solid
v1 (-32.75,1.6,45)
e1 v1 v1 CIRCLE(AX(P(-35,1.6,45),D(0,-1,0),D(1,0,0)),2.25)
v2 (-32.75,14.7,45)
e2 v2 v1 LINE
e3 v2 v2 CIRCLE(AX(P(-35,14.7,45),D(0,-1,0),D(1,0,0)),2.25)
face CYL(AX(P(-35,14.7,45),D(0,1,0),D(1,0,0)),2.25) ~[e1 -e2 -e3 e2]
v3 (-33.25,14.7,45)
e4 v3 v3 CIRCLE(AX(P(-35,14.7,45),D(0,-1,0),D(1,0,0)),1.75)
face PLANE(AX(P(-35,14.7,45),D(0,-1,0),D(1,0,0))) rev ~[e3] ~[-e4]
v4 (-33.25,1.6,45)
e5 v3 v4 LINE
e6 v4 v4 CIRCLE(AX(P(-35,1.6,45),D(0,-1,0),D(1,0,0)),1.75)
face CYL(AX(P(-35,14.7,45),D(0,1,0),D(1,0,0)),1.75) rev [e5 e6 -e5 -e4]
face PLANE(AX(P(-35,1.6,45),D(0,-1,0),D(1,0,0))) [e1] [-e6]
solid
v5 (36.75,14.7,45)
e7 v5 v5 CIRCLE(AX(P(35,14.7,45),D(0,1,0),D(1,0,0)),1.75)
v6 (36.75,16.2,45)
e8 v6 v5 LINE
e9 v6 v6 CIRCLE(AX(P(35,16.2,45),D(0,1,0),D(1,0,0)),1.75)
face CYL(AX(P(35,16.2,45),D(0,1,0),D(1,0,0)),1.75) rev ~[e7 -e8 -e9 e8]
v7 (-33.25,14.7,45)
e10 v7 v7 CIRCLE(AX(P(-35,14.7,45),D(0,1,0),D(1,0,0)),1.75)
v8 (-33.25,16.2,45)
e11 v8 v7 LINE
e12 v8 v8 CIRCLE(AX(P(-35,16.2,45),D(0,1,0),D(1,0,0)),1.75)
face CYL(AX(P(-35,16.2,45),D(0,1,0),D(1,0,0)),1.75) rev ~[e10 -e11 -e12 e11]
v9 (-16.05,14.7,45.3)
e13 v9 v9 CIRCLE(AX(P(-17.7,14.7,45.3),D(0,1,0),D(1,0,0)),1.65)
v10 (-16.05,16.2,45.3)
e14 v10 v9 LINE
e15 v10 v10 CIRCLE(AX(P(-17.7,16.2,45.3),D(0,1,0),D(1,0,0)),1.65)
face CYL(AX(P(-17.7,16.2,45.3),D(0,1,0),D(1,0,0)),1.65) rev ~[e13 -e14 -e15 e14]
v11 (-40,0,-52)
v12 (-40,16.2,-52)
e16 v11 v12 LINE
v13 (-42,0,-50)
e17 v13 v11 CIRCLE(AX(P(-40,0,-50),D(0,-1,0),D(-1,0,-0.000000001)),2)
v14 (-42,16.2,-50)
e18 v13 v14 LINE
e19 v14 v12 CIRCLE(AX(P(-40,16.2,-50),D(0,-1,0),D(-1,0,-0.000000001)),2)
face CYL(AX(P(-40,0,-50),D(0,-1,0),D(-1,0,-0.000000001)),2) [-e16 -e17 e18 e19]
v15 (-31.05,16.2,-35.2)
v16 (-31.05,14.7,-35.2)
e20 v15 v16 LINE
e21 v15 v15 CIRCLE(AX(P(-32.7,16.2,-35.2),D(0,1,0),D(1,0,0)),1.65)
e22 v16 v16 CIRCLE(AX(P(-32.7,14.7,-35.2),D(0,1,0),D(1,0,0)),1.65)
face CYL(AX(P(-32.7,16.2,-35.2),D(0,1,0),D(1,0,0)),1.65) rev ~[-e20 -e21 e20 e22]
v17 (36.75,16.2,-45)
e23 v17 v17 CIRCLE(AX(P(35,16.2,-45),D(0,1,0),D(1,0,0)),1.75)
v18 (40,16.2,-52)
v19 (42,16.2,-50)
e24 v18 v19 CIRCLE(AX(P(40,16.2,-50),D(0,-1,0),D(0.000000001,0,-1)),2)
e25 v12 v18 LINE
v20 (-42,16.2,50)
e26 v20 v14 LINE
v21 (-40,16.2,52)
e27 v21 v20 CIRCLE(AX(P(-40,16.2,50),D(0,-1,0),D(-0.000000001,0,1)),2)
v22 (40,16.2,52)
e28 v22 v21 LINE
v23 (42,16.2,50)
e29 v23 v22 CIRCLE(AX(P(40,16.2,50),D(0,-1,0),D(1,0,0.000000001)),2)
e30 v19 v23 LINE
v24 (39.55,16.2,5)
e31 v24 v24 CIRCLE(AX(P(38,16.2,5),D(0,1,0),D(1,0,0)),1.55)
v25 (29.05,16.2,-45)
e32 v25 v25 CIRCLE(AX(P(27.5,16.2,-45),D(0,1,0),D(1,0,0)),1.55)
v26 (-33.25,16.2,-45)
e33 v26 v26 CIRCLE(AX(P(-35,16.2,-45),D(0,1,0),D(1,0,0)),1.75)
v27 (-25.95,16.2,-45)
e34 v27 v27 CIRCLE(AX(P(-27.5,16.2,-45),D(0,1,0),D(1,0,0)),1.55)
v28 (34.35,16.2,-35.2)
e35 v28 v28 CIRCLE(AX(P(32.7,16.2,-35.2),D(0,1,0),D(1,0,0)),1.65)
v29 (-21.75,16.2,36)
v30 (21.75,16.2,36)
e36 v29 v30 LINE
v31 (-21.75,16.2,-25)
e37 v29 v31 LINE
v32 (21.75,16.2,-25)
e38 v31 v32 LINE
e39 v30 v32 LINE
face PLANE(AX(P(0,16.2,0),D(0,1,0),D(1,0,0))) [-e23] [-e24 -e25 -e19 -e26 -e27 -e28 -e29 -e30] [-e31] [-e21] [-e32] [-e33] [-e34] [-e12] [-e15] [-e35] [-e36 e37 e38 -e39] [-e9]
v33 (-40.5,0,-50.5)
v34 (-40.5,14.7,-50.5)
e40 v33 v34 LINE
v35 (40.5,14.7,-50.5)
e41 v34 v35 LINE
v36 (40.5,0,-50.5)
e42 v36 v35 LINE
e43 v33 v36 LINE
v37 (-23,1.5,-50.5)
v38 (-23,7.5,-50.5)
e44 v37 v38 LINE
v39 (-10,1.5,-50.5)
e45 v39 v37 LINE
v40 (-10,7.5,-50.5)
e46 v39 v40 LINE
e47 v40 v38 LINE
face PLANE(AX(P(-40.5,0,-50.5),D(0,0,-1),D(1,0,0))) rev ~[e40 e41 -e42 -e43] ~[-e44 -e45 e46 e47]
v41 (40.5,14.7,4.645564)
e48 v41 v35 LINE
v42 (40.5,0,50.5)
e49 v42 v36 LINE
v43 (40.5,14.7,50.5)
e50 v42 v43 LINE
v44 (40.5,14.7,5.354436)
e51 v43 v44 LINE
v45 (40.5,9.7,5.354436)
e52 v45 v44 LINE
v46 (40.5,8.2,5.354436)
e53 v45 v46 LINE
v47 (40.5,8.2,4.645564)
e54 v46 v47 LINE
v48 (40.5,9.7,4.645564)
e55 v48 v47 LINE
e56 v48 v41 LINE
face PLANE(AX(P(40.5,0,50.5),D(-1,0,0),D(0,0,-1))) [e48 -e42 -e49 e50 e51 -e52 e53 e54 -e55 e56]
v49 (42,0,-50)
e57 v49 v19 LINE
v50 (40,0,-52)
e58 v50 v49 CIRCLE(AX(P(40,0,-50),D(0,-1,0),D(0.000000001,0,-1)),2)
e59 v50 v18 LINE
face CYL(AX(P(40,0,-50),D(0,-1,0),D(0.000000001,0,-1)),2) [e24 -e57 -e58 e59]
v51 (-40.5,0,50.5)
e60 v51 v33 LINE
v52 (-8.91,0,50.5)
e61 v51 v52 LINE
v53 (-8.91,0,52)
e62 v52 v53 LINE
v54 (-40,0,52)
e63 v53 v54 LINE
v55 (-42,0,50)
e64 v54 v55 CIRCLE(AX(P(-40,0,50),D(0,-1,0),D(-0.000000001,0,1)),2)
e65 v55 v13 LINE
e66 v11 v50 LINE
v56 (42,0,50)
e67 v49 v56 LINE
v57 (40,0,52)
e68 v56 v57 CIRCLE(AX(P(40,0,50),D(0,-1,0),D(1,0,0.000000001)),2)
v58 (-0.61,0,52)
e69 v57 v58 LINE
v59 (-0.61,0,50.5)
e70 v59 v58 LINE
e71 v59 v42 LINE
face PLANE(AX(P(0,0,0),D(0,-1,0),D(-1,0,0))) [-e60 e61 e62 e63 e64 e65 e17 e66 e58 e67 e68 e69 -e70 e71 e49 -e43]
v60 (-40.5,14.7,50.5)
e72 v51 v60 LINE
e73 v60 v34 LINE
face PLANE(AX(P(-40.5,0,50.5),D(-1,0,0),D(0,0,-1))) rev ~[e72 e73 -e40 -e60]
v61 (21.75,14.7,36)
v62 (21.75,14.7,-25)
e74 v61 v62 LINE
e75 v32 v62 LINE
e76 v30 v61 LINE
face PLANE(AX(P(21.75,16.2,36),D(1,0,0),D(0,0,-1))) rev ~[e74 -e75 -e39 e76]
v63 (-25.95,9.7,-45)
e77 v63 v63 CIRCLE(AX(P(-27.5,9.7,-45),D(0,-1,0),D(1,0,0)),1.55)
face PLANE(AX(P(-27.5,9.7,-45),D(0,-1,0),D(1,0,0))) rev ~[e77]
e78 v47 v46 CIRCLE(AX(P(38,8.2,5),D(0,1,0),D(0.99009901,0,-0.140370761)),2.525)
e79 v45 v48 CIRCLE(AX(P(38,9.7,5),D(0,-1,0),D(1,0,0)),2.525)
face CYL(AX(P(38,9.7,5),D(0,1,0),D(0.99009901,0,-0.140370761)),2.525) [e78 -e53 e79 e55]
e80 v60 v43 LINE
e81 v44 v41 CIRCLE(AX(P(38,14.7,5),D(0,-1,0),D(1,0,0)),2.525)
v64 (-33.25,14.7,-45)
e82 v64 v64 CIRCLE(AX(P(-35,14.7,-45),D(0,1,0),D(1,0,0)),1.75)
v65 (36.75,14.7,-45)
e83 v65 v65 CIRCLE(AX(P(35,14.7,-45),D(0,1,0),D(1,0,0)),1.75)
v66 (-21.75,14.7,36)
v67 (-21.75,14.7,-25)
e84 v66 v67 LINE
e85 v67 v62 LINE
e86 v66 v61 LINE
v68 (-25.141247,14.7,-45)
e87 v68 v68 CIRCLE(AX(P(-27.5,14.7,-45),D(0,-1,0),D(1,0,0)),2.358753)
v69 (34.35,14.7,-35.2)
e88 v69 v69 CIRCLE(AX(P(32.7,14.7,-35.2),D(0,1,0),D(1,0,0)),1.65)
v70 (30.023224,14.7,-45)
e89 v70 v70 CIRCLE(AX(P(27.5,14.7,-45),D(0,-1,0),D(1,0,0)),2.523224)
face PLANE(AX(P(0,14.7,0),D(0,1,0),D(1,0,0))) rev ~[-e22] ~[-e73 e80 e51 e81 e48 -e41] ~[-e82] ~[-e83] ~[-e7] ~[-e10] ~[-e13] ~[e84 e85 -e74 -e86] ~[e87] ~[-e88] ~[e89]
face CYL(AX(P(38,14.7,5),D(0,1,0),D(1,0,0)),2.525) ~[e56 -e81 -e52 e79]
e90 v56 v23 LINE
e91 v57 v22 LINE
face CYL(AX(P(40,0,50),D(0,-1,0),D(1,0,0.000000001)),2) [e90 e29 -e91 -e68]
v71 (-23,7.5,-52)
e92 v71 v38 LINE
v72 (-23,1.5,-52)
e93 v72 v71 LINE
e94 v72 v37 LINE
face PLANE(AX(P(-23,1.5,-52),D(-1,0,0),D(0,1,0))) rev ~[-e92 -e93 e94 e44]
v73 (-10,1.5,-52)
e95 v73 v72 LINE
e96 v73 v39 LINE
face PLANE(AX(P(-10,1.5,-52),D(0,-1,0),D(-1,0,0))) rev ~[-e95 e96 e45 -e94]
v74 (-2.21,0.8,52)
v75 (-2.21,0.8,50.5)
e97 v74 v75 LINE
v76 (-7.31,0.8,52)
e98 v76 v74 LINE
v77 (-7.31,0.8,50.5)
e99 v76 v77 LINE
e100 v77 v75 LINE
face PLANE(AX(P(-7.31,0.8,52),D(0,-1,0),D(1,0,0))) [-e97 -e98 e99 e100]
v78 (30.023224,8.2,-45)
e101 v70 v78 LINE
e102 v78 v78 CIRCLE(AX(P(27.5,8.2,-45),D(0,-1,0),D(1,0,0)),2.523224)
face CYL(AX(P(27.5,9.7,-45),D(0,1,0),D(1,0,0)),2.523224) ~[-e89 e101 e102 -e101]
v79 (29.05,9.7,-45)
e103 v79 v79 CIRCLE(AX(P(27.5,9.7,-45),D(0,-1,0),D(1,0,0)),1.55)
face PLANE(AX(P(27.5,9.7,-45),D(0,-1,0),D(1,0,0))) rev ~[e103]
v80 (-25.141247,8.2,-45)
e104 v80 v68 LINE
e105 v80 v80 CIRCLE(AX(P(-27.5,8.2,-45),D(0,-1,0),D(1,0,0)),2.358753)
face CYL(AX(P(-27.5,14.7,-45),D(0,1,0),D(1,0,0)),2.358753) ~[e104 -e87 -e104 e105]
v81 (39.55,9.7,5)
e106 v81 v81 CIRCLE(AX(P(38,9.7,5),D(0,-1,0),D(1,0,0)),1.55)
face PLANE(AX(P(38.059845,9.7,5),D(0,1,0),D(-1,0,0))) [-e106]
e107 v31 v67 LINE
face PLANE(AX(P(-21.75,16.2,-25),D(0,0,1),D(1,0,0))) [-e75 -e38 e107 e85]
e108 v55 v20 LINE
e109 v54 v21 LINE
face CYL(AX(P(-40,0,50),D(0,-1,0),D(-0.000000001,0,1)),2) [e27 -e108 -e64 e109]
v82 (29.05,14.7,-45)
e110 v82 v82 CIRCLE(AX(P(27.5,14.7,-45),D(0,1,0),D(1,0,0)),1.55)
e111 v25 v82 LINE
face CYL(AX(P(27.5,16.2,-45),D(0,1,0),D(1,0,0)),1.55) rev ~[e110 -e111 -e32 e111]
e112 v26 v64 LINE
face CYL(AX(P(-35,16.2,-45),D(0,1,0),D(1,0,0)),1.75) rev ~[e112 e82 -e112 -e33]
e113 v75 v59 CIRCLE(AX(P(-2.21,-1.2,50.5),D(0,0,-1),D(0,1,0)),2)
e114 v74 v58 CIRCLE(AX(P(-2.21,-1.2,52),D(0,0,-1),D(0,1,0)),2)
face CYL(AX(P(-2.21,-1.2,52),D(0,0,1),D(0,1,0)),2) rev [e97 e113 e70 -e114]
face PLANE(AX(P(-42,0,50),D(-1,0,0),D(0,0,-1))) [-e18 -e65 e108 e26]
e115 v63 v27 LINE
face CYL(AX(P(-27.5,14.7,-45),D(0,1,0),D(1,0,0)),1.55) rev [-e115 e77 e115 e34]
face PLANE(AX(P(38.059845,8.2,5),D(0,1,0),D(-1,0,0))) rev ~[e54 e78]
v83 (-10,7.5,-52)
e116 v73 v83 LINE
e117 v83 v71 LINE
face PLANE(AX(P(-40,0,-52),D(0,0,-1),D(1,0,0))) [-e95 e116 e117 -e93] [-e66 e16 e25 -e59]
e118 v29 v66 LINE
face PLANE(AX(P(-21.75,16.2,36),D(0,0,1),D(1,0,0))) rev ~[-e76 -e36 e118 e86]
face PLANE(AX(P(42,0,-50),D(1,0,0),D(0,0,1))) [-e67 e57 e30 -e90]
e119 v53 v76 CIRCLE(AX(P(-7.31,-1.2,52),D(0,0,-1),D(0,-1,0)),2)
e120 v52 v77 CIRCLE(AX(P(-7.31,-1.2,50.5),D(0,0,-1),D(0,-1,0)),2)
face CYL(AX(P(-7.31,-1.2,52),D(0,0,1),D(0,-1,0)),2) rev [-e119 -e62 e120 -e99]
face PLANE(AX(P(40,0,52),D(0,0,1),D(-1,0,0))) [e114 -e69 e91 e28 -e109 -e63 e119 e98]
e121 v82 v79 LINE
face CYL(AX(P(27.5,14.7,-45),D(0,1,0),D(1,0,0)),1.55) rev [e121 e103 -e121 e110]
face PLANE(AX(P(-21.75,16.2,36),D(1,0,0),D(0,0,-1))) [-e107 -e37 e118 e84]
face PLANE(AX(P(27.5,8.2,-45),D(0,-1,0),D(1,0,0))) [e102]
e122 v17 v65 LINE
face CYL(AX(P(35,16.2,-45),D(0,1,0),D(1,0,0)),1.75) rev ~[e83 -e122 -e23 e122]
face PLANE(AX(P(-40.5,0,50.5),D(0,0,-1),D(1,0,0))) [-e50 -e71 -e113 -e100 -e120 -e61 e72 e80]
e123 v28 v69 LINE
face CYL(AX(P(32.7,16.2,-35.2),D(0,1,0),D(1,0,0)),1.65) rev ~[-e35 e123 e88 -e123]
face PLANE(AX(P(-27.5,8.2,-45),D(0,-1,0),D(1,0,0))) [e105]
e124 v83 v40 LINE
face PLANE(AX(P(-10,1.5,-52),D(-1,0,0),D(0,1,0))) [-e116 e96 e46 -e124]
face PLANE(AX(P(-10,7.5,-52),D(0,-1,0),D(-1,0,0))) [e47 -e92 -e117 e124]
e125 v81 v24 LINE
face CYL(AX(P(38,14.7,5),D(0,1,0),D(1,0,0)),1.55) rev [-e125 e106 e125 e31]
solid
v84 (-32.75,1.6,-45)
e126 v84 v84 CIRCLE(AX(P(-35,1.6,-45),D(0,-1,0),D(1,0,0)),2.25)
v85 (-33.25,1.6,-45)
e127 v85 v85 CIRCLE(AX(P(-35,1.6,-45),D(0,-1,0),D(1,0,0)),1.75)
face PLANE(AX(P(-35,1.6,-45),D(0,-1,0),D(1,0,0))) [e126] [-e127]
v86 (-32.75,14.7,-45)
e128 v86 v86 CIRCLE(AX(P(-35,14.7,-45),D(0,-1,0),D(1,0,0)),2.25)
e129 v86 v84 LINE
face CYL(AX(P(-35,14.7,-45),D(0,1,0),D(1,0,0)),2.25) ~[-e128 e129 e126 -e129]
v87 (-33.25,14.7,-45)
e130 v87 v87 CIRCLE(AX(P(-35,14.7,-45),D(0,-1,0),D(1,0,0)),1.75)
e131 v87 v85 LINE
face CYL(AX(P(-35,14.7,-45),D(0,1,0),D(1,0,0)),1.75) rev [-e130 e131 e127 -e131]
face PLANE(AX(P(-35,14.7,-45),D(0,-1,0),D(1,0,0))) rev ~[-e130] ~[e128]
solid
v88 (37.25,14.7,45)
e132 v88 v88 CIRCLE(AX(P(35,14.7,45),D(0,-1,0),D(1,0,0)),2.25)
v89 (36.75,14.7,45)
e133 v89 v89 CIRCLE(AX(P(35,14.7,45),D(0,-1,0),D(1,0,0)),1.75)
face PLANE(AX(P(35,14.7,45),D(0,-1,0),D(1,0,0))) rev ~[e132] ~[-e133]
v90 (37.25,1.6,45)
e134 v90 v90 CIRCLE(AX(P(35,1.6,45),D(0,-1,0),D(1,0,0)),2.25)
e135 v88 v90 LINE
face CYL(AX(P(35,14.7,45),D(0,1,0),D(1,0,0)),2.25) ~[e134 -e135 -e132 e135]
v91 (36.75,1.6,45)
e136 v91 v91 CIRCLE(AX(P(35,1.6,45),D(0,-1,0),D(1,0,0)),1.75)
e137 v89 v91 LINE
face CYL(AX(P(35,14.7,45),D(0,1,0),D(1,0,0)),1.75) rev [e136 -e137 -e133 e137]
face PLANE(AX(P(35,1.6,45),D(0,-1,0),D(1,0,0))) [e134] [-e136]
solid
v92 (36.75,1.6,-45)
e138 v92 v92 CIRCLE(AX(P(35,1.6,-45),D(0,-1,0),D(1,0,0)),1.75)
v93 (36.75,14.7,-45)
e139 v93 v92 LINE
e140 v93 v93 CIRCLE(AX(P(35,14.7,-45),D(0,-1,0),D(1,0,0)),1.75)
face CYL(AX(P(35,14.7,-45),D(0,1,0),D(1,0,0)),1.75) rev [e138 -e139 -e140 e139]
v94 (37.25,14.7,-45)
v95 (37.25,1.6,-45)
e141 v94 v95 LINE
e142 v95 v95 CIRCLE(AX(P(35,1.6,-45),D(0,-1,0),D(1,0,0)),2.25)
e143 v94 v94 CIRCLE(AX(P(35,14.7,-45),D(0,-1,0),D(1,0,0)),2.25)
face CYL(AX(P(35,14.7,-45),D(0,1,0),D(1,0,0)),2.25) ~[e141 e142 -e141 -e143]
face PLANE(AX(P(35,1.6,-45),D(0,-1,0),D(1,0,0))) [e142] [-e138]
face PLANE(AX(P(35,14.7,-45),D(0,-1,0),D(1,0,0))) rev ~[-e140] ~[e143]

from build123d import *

# Parameters (mm, degrees)
SKETCH_1_W          = 81
SKETCH_1_H          = 101
EXTRUDE_1_DEPTH     = 16.2
SKETCH_2_W          = 81
SKETCH_2_H          = 101
EXTRUDE_2_DEPTH     = 1.5
SKETCH_3_R          = 1.65
SKETCH_3_W          = 43.5
SKETCH_3_H          = 61
CUT_EXTRUDE_1_DEPTH = 1.5
SKETCH_4_R          = 1.75
CUT_EXTRUDE_2_DEPTH = 1.5
CUT_EXTRUDE_3_DEPTH = 1.5
SKETCH_6_R          = 2.25
SKETCH_6_R_2        = 1.75
EXTRUDE_3_DEPTH     = 13.1
EXTRUDE_3_2_DEPTH   = 13.1
EXTRUDE_3_3_DEPTH   = 13.1
EXTRUDE_3_4_DEPTH   = 13.1
SKETCH_7_W          = 13
SKETCH_7_H          = 6
CUT_EXTRUDE_4_DEPTH = 1.5
SKETCH_8_R          = 1.55
CUT_EXTRUDE_5_DEPTH = 17.2
SKETCH_9_R          = 2.358753079
SKETCH_9_R_2        = 1.55
SKETCH_9_R_3        = 2.523223787
SKETCH_9_R_4        = 2.525
EXTRUDE_4_DEPTH     = 5
SKETCH_10_R         = 2.523223787
SKETCH_10_R_2       = 2.358753079
EXTRUDE_5_DEPTH     = 1.5


with BuildPart() as part:
    # 草图1 → 凸台-拉伸1 (new body)
    with BuildSketch(Plane(origin=(0, 0, 0), x_dir=(1, 0, 0), z_dir=(0, 1, 0))):
        with BuildLine():
            Line((-40, 52), (40, 52))
            ThreePointArc((40, 52), (41.414213562, 51.414213562), (42, 50))
            Line((42, 50), (42, -50))
            ThreePointArc((42, -50), (41.414213562, -51.414213562), (40, -52))
            Line((40, -52), (-40, -52))
            ThreePointArc((-40, -52), (-41.414213562, -51.414213562), (-42, -50))
            Line((-42, -50), (-42, 50))
            ThreePointArc((-42, 50), (-41.414213562, 51.414213562), (-40, 52))
        make_face()
        Rectangle(SKETCH_1_W, SKETCH_1_H, mode=Mode.SUBTRACT)
    extrude(amount=EXTRUDE_1_DEPTH)

    # 草图2 → 凸台-拉伸2 (add)
    with BuildSketch(Plane(origin=(0, 16.2, 0), x_dir=(1, 0, 0), z_dir=(0, 1, 0))):
        Rectangle(SKETCH_2_W, SKETCH_2_H)
    extrude(amount=-EXTRUDE_2_DEPTH)

    # 草图3 → 切除-拉伸1 (cut)
    with BuildSketch(Plane(origin=(0, 16.2, 0), x_dir=(1, 0, 0), z_dir=(0, 1, 0))):
        with Locations((-32.7, 35.2)):
            Circle(SKETCH_3_R)
        with Locations((-17.7, -45.3)):
            Circle(SKETCH_3_R)
        with Locations((32.7, 35.2)):
            Circle(SKETCH_3_R)
        with Locations((0, -5.5)):
            Rectangle(SKETCH_3_W, SKETCH_3_H)
    extrude(amount=-CUT_EXTRUDE_1_DEPTH, mode=Mode.SUBTRACT)

    # 草图4 → 切除-拉伸2 (cut)
    with BuildSketch(Plane(origin=(0, 16.2, 0), x_dir=(1, 0, 0), z_dir=(0, 1, 0))):
        with Locations((35, 45)):
            Circle(SKETCH_4_R)
        with Locations((-35, 45)):
            Circle(SKETCH_4_R)
        with Locations((-35, -45)):
            Circle(SKETCH_4_R)
        with Locations((35, -45)):
            Circle(SKETCH_4_R)
    extrude(amount=-CUT_EXTRUDE_2_DEPTH, mode=Mode.SUBTRACT)

    # 草图5 → 切除-拉伸3 (cut)
    with BuildSketch(Plane.XY.offset(52)):
        with BuildLine():
            Line((-7.31, 0.8), (-2.21, 0.8))
            ThreePointArc((-2.21, 0.8), (-0.21, -1.2), (-2.21, -3.2))
            Line((-2.21, -3.2), (-7.31, -3.2))
            ThreePointArc((-7.31, -3.2), (-9.31, -1.2), (-7.31, 0.8))
        make_face()
    extrude(amount=-CUT_EXTRUDE_3_DEPTH, mode=Mode.SUBTRACT)

    # 草图7 → 切除-拉伸4 (cut)
    with BuildSketch(Plane(origin=(0, 0, -52), x_dir=(-1, 0, 0), z_dir=(0, 0, -1))):
        with Locations((16.5, 4.5)):
            Rectangle(SKETCH_7_W, SKETCH_7_H)
    extrude(amount=-CUT_EXTRUDE_4_DEPTH, mode=Mode.SUBTRACT)

    # 草图8 → 切除-拉伸5 (cut, through all)
    with BuildSketch(Plane(origin=(0, 16.2, 0), x_dir=(1, 0, 0), z_dir=(0, 1, 0))):
        with Locations((-27.5, 45)):
            Circle(SKETCH_8_R)
        with Locations((27.5, 45)):
            Circle(SKETCH_8_R)
        with Locations((38, -5)):
            Circle(SKETCH_8_R)
    extrude(amount=-CUT_EXTRUDE_5_DEPTH, mode=Mode.SUBTRACT)

    # 草图9 → 凸台-拉伸4 (add)
    with BuildSketch(Plane.XZ.offset(-14.7)):
        with Locations((-27.5, -45)):
            Circle(SKETCH_9_R)
        with Locations((-27.5, -45)):
            Circle(SKETCH_9_R_2, mode=Mode.SUBTRACT)
        with Locations((27.5, -45)):
            Circle(SKETCH_9_R_3)
        with Locations((27.5, -45)):
            Circle(SKETCH_9_R_2, mode=Mode.SUBTRACT)
        with Locations((38, 5)):
            Circle(SKETCH_9_R_4)
        with Locations((38, 5)):
            Circle(SKETCH_9_R_2, mode=Mode.SUBTRACT)
    extrude(amount=EXTRUDE_4_DEPTH)

    # 草图10 → 凸台-拉伸5 (add)
    with BuildSketch(Plane.XZ.offset(-9.7)):
        with Locations((27.5, -45)):
            Circle(SKETCH_10_R)
        with Locations((-27.5, -45)):
            Circle(SKETCH_10_R_2)
        with BuildLine():
            Line((40.5, 5.354436172), (40.5, 4.645563828))
            ThreePointArc((40.5, 4.645563828), (35.475, 5), (40.5, 5.354436172))
        make_face()
    extrude(amount=EXTRUDE_5_DEPTH)


with BuildPart() as body_2:
    # 草图6 → 凸台-拉伸3 (new body)
    with BuildSketch(Plane.XZ.offset(-14.7)):
        with Locations((-35, 45)):
            Circle(SKETCH_6_R)
        with Locations((-35, 45)):
            Circle(SKETCH_6_R_2, mode=Mode.SUBTRACT)
    extrude(amount=EXTRUDE_3_DEPTH)


with BuildPart() as body_3:
    # 草图6 → Extrude 3 2 (new body)
    with BuildSketch(Plane.XZ.offset(-14.7)):
        with Locations((35, 45)):
            Circle(SKETCH_6_R)
        with Locations((35, 45)):
            Circle(SKETCH_6_R_2, mode=Mode.SUBTRACT)
    extrude(amount=EXTRUDE_3_2_DEPTH)


with BuildPart() as body_4:
    # 草图6 → Extrude 3 3 (new body)
    with BuildSketch(Plane.XZ.offset(-14.7)):
        with Locations((-35, -45)):
            Circle(SKETCH_6_R)
        with Locations((-35, -45)):
            Circle(SKETCH_6_R_2, mode=Mode.SUBTRACT)
    extrude(amount=EXTRUDE_3_3_DEPTH)


with BuildPart() as body_5:
    # 草图6 → Extrude 3 4 (new body)
    with BuildSketch(Plane.XZ.offset(-14.7)):
        with Locations((35, -45)):
            Circle(SKETCH_6_R)
        with Locations((35, -45)):
            Circle(SKETCH_6_R_2, mode=Mode.SUBTRACT)
    extrude(amount=EXTRUDE_3_4_DEPTH)


solid = Compound([part.part, body_2.part, body_3.part, body_4.part, body_5.part])
